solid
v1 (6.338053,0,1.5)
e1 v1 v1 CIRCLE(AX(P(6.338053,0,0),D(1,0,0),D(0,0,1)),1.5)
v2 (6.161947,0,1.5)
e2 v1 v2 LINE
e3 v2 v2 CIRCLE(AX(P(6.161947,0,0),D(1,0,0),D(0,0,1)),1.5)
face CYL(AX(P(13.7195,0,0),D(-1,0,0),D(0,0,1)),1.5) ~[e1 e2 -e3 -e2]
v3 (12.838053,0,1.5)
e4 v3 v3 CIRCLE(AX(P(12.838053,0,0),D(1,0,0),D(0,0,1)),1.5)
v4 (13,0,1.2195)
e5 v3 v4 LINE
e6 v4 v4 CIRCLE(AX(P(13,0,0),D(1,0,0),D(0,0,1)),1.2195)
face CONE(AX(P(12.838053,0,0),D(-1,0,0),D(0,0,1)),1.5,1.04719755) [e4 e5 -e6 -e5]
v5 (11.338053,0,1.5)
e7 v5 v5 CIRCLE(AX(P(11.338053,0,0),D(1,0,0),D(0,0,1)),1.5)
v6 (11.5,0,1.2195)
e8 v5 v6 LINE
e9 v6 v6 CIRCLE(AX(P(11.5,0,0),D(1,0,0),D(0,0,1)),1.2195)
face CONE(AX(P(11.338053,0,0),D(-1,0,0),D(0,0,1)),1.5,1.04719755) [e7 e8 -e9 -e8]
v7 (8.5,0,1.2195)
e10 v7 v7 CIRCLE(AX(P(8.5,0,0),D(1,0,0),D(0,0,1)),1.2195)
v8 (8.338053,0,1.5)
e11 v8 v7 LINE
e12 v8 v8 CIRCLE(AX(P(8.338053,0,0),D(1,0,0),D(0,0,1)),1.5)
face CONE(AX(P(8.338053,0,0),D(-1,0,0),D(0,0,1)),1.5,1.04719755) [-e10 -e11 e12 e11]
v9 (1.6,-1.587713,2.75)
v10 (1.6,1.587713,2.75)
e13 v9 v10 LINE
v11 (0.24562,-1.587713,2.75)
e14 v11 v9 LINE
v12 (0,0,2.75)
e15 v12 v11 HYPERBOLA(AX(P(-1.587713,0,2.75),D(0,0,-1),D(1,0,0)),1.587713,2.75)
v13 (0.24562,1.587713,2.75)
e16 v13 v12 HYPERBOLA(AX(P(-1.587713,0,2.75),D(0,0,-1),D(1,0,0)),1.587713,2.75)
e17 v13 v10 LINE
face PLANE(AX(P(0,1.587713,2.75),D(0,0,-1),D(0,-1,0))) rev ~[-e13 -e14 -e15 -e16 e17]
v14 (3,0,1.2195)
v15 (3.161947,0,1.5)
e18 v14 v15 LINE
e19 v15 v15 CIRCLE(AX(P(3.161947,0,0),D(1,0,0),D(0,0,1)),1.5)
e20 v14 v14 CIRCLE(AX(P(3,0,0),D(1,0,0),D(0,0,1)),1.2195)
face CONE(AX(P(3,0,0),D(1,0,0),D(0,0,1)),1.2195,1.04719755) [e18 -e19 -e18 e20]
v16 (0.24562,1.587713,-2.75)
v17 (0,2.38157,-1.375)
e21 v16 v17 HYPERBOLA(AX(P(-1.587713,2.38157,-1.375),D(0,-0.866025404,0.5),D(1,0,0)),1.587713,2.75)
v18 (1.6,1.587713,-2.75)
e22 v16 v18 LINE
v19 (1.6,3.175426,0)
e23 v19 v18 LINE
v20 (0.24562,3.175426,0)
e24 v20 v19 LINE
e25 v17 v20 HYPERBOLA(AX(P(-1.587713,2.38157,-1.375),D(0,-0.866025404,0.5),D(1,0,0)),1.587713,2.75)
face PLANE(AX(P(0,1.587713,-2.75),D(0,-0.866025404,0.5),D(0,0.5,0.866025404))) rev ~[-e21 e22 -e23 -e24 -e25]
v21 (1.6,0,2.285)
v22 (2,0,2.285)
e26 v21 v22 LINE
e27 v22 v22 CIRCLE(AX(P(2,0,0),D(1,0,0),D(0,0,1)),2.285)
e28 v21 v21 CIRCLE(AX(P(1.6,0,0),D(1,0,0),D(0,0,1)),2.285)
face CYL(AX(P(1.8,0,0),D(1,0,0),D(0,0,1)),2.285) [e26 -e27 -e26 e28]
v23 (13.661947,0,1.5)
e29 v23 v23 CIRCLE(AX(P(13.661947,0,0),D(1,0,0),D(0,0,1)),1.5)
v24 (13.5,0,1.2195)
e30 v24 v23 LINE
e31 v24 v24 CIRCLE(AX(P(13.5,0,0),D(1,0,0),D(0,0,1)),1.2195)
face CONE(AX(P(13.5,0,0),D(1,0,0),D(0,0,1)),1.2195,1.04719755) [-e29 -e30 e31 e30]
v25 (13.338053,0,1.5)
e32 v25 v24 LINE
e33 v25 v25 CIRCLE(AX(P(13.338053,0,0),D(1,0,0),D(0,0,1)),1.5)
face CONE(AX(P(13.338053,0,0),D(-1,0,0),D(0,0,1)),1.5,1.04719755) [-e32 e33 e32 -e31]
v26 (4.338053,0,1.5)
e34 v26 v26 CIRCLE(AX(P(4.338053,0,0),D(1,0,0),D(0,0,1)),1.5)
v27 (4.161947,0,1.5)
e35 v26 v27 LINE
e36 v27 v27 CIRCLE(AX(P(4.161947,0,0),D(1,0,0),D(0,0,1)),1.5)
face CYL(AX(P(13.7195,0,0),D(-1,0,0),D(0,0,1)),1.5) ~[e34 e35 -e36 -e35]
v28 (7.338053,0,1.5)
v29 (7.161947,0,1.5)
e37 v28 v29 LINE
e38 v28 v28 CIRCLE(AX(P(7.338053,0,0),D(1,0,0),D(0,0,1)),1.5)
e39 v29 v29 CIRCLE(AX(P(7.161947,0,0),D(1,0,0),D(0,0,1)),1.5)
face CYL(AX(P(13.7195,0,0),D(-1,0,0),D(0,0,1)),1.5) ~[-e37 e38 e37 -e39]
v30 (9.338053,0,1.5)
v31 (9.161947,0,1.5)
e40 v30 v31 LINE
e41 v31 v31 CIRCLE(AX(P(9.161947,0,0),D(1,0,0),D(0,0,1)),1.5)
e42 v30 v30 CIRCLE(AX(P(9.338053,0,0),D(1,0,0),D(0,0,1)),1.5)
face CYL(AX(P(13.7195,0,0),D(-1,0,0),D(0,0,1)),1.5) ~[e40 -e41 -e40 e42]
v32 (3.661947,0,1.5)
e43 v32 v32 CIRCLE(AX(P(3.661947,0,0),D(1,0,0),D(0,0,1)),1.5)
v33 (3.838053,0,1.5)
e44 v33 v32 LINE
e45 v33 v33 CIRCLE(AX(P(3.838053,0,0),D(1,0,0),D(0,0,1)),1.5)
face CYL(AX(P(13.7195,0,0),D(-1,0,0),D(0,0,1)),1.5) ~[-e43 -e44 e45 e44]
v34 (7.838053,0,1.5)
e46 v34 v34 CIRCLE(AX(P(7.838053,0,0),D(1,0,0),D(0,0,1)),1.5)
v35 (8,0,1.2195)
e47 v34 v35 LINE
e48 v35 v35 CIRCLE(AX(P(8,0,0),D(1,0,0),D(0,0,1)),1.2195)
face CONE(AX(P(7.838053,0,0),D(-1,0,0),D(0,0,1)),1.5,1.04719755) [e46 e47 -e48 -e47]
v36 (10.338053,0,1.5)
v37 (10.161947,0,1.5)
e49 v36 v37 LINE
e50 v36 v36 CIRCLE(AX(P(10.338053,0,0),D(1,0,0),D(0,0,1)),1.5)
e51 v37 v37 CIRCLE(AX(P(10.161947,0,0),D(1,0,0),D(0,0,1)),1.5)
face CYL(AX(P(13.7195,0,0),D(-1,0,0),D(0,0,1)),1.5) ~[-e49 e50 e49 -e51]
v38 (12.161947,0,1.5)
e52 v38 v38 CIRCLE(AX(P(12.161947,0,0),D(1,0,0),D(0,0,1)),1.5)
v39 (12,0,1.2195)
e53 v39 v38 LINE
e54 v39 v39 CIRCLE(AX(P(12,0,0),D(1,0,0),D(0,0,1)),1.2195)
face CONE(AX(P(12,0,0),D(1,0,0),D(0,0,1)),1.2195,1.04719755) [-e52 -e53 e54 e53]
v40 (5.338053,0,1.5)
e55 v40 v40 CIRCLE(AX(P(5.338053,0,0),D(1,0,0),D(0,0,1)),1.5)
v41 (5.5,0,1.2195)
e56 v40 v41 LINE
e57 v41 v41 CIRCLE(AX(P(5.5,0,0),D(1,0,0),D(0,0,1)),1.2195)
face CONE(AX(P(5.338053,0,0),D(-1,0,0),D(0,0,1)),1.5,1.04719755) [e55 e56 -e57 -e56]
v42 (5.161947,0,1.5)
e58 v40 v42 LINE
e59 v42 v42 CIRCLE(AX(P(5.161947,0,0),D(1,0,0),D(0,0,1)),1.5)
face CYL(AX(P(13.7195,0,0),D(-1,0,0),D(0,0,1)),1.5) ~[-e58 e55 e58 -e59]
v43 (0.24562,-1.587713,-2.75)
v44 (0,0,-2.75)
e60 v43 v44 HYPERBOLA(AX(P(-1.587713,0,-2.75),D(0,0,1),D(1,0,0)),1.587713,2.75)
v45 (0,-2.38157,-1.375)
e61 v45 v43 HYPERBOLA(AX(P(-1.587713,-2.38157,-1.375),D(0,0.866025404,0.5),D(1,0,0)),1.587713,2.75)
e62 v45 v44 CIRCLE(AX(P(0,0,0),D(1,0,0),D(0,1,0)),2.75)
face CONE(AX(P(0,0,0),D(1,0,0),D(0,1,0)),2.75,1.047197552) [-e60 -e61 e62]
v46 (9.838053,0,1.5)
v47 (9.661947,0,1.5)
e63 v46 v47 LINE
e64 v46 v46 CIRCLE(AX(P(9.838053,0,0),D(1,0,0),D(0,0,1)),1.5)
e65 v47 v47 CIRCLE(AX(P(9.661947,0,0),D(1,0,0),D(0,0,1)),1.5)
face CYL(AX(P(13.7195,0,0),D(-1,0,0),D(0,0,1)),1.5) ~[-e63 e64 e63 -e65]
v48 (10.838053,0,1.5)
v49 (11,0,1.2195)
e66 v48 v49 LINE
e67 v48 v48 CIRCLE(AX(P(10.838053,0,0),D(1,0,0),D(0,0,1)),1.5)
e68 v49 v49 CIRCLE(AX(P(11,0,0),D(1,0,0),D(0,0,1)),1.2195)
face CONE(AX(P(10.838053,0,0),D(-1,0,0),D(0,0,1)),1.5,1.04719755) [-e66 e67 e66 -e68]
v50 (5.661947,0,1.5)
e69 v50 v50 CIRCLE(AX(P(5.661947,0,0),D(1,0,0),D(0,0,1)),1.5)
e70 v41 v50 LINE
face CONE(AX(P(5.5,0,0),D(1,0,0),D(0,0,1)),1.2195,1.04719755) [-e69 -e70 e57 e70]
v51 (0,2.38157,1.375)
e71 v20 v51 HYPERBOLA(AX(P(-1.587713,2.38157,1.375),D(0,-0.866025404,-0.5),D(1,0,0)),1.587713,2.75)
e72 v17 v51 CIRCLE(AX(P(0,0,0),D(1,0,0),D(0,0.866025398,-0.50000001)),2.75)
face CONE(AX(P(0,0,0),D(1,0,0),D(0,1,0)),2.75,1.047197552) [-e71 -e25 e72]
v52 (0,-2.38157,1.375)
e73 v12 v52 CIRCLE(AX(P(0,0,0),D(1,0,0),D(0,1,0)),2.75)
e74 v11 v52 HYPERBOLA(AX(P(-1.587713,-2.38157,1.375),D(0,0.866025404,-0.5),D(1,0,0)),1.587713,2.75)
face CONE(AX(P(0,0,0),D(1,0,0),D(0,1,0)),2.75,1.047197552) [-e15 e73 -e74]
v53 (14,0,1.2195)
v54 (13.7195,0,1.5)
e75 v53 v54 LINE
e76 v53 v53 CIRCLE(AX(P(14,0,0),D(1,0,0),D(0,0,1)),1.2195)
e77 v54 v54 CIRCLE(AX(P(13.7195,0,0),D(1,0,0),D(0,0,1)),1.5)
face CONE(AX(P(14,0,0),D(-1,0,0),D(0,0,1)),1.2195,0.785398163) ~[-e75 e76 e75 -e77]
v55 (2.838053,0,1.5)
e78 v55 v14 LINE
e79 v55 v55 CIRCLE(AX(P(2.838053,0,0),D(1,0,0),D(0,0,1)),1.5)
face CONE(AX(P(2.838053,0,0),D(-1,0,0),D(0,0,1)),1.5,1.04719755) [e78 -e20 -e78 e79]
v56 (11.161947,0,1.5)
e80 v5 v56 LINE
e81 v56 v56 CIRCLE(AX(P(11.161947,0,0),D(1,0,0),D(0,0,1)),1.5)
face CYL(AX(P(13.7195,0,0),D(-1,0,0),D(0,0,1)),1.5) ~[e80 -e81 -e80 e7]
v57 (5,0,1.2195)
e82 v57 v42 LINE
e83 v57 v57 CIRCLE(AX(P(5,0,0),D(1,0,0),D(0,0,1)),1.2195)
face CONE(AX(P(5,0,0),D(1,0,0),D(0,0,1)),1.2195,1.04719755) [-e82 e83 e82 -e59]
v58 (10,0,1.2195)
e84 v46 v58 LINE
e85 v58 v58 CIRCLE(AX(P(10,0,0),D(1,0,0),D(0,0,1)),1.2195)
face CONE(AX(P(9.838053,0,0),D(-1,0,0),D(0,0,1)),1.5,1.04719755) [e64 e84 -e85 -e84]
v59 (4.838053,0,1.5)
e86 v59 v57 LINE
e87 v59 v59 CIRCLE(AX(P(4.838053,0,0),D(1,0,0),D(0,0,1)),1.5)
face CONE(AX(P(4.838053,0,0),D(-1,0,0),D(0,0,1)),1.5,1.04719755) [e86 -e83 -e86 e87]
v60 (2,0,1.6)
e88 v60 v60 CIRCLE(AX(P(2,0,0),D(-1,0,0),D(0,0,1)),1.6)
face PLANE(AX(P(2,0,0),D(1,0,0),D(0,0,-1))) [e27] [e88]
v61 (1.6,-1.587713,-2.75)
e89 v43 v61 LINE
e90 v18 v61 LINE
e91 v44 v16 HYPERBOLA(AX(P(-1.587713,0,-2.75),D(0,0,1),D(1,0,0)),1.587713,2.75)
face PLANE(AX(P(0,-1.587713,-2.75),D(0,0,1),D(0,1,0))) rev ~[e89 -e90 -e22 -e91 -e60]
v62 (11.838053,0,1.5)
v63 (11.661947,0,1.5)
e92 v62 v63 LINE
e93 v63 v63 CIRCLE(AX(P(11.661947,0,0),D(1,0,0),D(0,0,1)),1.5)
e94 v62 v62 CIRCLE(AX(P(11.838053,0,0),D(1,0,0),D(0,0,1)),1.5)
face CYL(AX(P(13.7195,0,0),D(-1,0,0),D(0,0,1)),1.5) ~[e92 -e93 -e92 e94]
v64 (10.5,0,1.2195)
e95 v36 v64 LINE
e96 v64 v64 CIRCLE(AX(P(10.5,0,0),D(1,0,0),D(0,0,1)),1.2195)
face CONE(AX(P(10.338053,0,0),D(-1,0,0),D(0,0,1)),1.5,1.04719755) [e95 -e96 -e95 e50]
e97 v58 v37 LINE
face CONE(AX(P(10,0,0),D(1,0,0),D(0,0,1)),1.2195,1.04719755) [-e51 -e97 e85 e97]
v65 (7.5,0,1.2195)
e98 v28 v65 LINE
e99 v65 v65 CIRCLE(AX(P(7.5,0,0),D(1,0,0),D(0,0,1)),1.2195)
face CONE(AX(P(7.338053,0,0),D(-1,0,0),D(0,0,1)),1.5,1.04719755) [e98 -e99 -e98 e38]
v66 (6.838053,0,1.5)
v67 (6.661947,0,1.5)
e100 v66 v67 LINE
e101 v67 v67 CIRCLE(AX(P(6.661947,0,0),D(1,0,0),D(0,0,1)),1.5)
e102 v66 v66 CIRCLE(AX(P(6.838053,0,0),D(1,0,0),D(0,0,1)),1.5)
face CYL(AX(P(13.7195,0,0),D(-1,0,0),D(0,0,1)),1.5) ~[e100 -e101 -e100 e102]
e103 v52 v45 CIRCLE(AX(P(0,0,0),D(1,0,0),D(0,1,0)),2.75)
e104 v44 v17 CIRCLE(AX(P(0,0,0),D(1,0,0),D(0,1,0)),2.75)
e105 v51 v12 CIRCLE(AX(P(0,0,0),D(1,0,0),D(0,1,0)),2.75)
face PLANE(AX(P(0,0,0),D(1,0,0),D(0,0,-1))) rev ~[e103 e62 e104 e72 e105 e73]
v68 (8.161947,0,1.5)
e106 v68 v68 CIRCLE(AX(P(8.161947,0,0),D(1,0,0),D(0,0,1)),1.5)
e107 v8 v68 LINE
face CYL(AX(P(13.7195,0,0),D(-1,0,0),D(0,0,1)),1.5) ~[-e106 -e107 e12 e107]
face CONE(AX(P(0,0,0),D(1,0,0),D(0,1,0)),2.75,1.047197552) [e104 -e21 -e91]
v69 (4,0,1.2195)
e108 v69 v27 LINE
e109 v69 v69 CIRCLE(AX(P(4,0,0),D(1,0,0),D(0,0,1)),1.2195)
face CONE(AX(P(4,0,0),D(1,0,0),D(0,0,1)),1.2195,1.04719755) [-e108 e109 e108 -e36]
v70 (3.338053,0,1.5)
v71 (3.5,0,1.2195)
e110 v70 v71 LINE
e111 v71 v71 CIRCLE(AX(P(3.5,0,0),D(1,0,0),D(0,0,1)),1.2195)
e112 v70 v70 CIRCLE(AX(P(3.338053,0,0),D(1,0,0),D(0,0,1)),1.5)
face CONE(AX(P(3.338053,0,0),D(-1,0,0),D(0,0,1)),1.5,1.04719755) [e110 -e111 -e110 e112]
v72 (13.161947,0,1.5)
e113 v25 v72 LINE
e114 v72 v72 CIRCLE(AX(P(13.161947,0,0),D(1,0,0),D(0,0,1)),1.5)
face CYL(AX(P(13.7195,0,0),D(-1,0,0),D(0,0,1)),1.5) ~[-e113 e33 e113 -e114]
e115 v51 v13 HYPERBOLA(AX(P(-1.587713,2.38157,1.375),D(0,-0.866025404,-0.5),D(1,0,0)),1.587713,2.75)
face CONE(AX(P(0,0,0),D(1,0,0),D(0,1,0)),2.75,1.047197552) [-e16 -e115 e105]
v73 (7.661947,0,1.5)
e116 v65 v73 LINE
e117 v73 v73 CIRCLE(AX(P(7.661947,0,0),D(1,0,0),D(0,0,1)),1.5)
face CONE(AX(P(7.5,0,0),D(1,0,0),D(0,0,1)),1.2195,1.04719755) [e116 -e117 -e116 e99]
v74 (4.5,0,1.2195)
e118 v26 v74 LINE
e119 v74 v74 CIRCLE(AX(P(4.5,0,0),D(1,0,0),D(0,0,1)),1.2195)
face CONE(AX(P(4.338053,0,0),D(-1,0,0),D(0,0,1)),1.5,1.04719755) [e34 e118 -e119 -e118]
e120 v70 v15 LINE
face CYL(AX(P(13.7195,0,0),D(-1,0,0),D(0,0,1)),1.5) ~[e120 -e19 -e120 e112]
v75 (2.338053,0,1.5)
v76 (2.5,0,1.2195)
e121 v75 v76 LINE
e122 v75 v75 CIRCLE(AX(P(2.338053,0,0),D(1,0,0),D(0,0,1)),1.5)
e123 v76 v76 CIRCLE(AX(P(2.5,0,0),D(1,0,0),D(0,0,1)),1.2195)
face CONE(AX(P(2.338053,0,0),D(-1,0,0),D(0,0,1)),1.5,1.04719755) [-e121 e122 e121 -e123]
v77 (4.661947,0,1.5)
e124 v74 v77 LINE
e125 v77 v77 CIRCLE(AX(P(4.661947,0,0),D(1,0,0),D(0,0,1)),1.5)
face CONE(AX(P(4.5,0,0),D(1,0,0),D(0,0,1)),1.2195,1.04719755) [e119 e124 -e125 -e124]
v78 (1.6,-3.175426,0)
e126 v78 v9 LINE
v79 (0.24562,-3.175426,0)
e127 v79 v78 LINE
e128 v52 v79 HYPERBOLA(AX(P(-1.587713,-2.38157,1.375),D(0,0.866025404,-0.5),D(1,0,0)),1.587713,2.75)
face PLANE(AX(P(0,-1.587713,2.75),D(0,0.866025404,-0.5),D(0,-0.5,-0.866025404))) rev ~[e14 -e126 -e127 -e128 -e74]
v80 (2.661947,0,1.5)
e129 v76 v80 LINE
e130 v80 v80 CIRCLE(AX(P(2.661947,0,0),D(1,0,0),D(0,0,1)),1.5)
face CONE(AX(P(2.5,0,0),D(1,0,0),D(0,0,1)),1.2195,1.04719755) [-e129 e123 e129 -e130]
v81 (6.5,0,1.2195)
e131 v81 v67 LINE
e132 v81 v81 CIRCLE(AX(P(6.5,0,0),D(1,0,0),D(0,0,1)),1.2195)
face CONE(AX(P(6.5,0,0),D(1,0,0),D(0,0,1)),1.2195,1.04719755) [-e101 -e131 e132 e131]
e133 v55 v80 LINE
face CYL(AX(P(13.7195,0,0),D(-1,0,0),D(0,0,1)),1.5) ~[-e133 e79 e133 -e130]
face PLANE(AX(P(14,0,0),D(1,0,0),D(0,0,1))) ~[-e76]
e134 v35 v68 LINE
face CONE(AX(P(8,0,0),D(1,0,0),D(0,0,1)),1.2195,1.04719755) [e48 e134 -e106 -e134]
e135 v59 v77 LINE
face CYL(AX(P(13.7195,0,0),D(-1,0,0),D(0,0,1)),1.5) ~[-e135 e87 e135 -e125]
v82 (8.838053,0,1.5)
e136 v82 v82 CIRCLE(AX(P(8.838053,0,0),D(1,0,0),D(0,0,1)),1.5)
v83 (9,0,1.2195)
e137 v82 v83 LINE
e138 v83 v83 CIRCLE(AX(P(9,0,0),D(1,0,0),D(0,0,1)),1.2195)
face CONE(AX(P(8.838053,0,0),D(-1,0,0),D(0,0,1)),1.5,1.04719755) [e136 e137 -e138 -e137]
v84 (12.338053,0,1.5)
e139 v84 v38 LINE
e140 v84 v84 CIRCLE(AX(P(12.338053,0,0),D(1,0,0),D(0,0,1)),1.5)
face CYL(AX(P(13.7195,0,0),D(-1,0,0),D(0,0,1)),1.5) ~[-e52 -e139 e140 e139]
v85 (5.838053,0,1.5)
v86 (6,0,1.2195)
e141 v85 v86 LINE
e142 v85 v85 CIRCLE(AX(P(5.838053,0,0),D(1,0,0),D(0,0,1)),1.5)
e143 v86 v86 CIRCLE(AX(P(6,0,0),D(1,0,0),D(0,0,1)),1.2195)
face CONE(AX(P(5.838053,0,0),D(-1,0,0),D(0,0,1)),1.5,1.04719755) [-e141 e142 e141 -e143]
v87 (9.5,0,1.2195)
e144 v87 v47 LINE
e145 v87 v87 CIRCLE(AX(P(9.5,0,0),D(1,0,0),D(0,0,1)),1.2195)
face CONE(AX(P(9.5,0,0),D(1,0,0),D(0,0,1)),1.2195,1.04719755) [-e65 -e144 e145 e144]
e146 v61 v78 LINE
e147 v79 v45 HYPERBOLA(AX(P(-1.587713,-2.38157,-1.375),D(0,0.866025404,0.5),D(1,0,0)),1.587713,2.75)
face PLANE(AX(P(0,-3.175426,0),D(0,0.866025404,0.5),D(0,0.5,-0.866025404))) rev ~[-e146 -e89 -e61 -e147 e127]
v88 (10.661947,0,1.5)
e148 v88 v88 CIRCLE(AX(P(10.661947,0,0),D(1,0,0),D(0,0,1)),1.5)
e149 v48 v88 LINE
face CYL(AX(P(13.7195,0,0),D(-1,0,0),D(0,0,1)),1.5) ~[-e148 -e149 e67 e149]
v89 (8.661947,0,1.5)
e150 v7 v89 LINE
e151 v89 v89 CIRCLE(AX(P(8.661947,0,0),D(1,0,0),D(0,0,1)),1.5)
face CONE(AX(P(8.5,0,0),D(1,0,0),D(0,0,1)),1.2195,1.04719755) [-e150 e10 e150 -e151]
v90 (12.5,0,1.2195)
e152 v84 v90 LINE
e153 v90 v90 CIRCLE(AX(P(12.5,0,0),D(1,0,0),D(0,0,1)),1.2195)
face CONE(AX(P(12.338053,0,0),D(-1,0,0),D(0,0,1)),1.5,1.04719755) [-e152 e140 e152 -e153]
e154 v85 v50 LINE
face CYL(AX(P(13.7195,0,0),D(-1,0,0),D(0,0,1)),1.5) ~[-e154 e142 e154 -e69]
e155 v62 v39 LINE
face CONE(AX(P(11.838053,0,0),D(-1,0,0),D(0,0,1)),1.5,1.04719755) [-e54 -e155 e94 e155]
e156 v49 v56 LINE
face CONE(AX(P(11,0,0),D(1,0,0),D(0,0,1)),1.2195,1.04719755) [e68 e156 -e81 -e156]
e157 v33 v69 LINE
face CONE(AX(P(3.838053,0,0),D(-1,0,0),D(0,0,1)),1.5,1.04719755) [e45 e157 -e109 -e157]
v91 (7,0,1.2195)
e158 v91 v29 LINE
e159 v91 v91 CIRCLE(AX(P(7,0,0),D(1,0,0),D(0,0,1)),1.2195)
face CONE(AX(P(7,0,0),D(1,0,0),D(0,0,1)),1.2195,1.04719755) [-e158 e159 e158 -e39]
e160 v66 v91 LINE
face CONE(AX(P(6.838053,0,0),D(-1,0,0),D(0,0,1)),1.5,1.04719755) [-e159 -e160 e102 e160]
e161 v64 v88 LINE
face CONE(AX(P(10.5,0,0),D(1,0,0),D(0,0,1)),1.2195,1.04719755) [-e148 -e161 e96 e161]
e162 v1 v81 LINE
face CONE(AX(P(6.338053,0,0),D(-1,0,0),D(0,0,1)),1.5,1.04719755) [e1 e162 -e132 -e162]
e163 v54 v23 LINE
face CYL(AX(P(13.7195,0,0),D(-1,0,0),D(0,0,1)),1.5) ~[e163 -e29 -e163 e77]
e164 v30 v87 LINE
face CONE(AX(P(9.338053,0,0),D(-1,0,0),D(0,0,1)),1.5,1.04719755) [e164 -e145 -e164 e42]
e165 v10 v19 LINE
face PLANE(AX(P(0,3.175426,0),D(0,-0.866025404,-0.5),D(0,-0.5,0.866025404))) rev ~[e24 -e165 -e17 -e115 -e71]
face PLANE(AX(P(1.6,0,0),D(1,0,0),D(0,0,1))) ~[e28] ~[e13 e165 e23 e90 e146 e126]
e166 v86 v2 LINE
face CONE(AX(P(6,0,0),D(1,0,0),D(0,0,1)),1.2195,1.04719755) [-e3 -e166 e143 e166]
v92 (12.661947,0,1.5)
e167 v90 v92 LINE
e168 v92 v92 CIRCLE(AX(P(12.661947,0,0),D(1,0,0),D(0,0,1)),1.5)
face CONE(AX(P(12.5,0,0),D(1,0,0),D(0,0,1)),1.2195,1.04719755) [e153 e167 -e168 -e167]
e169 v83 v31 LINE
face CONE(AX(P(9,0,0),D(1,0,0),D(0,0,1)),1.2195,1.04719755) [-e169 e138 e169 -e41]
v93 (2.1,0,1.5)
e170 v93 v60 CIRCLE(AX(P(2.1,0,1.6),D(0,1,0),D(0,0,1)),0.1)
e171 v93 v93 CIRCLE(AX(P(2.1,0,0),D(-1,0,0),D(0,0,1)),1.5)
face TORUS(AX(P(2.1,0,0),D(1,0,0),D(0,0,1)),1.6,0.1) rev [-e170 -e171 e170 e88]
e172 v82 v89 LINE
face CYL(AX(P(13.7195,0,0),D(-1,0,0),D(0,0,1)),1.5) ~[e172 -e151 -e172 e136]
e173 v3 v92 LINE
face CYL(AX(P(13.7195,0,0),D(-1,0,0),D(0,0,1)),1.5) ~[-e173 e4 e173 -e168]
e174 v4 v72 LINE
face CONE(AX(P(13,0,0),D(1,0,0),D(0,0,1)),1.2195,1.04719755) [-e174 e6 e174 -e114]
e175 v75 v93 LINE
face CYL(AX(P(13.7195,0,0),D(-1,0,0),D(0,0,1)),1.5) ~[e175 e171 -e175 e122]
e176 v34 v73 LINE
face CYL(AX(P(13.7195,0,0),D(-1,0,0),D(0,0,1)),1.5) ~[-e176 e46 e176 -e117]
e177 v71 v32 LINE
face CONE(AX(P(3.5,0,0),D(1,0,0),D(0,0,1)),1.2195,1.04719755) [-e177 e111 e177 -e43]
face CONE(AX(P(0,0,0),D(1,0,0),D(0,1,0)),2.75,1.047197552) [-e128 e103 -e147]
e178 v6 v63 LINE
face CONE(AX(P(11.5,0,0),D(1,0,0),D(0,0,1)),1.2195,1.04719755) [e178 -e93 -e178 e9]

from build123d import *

# Parameters (mm, degrees)
BASEHEAD_DEPTH   = 2
BEARINGFACESKE_W = 0.4
BEARINGFACESKE_H = 0.890426481
FILLET_2_R       = 0.1
THDSCHPAT_COUNT  = 23
THDSCHPAT_PITCH  = 0.5


with BuildPart() as part:
    # BaseHeadSke → BaseHead (new body)
    with BuildSketch(Plane(origin=(0, 0, 0), x_dir=(0, 0, -1), z_dir=(1, 0, 0))):
        Polygon((2.75, 1.58771324), (0, 3.175426481), (-2.75, 1.58771324), (-2.75, -1.58771324), (0, -3.175426481), (2.75, -1.58771324), align=None)
    extrude(amount=BASEHEAD_DEPTH)

    # BodySke → BaseBody (revolve)
    with BuildSketch(Plane.XY, mode=Mode.PRIVATE) as basebody_sk:
        Polygon((0, 0), (14, 0), (14, 1.2195), (13.7195, 1.5), (0, 1.5), align=None)
    revolve(basebody_sk.sketch.rotate(Axis((0, 0, 0), (1, 0, 0)), 90), axis=Axis((0, 0, 0), (1, 0, 0)))

    # HeadChamferSke → HeadChamfer (revolve, cut)
    with BuildSketch(Plane.XY):
        Polygon((0.245620093, 3.175426481), (0, 3.175426481), (0, 2.75), align=None)
    revolve(axis=Axis((0, 0, 0), (1, 0, 0)), mode=Mode.SUBTRACT)

    # BearingFaceSke → BearingFace (revolve, cut)
    with BuildSketch(Plane.XY, mode=Mode.PRIVATE) as bearingface_sk:
        with Locations((1.8, 2.730213241)):
            Rectangle(BEARINGFACESKE_W, BEARINGFACESKE_H)
    revolve(bearingface_sk.sketch.rotate(Axis((0, 0, 0), (1, 0, 0)), 90), axis=Axis((0, 0, 0), (1, 0, 0)), mode=Mode.SUBTRACT)

    # Fillet 2
    fillet_2_edges = [part.edges().sort_by_distance(p)[0] for p in [
        (2, 0, -1.5),
    ]]
    fillet(fillet_2_edges, radius=FILLET_2_R)

    # ThdSchSke → ThreadSchematic (revolve, cut)
    with BuildSketch(Plane.XY, mode=Mode.PRIVATE) as threadschematic_sk:
        Polygon((13.338053249, 1.823893501), (13.338053249, 1.5), (13.5, 1.2195), (13.661946751, 1.5), (13.661946751, 1.823893501), align=None)
    threadschematic = revolve(threadschematic_sk.sketch.rotate(Axis((0, 0, 0), (1, 0, 0)), 90), axis=Axis((0, 0, 0), (1, 0, 0)), mode=Mode.SUBTRACT)

    # ThdSchPat: ThreadSchematic ×23
    with Locations(*[(-i * THDSCHPAT_PITCH, 0, 0) for i in range(1, THDSCHPAT_COUNT)]):
        add(threadschematic, mode=Mode.SUBTRACT)


solid = part.part
